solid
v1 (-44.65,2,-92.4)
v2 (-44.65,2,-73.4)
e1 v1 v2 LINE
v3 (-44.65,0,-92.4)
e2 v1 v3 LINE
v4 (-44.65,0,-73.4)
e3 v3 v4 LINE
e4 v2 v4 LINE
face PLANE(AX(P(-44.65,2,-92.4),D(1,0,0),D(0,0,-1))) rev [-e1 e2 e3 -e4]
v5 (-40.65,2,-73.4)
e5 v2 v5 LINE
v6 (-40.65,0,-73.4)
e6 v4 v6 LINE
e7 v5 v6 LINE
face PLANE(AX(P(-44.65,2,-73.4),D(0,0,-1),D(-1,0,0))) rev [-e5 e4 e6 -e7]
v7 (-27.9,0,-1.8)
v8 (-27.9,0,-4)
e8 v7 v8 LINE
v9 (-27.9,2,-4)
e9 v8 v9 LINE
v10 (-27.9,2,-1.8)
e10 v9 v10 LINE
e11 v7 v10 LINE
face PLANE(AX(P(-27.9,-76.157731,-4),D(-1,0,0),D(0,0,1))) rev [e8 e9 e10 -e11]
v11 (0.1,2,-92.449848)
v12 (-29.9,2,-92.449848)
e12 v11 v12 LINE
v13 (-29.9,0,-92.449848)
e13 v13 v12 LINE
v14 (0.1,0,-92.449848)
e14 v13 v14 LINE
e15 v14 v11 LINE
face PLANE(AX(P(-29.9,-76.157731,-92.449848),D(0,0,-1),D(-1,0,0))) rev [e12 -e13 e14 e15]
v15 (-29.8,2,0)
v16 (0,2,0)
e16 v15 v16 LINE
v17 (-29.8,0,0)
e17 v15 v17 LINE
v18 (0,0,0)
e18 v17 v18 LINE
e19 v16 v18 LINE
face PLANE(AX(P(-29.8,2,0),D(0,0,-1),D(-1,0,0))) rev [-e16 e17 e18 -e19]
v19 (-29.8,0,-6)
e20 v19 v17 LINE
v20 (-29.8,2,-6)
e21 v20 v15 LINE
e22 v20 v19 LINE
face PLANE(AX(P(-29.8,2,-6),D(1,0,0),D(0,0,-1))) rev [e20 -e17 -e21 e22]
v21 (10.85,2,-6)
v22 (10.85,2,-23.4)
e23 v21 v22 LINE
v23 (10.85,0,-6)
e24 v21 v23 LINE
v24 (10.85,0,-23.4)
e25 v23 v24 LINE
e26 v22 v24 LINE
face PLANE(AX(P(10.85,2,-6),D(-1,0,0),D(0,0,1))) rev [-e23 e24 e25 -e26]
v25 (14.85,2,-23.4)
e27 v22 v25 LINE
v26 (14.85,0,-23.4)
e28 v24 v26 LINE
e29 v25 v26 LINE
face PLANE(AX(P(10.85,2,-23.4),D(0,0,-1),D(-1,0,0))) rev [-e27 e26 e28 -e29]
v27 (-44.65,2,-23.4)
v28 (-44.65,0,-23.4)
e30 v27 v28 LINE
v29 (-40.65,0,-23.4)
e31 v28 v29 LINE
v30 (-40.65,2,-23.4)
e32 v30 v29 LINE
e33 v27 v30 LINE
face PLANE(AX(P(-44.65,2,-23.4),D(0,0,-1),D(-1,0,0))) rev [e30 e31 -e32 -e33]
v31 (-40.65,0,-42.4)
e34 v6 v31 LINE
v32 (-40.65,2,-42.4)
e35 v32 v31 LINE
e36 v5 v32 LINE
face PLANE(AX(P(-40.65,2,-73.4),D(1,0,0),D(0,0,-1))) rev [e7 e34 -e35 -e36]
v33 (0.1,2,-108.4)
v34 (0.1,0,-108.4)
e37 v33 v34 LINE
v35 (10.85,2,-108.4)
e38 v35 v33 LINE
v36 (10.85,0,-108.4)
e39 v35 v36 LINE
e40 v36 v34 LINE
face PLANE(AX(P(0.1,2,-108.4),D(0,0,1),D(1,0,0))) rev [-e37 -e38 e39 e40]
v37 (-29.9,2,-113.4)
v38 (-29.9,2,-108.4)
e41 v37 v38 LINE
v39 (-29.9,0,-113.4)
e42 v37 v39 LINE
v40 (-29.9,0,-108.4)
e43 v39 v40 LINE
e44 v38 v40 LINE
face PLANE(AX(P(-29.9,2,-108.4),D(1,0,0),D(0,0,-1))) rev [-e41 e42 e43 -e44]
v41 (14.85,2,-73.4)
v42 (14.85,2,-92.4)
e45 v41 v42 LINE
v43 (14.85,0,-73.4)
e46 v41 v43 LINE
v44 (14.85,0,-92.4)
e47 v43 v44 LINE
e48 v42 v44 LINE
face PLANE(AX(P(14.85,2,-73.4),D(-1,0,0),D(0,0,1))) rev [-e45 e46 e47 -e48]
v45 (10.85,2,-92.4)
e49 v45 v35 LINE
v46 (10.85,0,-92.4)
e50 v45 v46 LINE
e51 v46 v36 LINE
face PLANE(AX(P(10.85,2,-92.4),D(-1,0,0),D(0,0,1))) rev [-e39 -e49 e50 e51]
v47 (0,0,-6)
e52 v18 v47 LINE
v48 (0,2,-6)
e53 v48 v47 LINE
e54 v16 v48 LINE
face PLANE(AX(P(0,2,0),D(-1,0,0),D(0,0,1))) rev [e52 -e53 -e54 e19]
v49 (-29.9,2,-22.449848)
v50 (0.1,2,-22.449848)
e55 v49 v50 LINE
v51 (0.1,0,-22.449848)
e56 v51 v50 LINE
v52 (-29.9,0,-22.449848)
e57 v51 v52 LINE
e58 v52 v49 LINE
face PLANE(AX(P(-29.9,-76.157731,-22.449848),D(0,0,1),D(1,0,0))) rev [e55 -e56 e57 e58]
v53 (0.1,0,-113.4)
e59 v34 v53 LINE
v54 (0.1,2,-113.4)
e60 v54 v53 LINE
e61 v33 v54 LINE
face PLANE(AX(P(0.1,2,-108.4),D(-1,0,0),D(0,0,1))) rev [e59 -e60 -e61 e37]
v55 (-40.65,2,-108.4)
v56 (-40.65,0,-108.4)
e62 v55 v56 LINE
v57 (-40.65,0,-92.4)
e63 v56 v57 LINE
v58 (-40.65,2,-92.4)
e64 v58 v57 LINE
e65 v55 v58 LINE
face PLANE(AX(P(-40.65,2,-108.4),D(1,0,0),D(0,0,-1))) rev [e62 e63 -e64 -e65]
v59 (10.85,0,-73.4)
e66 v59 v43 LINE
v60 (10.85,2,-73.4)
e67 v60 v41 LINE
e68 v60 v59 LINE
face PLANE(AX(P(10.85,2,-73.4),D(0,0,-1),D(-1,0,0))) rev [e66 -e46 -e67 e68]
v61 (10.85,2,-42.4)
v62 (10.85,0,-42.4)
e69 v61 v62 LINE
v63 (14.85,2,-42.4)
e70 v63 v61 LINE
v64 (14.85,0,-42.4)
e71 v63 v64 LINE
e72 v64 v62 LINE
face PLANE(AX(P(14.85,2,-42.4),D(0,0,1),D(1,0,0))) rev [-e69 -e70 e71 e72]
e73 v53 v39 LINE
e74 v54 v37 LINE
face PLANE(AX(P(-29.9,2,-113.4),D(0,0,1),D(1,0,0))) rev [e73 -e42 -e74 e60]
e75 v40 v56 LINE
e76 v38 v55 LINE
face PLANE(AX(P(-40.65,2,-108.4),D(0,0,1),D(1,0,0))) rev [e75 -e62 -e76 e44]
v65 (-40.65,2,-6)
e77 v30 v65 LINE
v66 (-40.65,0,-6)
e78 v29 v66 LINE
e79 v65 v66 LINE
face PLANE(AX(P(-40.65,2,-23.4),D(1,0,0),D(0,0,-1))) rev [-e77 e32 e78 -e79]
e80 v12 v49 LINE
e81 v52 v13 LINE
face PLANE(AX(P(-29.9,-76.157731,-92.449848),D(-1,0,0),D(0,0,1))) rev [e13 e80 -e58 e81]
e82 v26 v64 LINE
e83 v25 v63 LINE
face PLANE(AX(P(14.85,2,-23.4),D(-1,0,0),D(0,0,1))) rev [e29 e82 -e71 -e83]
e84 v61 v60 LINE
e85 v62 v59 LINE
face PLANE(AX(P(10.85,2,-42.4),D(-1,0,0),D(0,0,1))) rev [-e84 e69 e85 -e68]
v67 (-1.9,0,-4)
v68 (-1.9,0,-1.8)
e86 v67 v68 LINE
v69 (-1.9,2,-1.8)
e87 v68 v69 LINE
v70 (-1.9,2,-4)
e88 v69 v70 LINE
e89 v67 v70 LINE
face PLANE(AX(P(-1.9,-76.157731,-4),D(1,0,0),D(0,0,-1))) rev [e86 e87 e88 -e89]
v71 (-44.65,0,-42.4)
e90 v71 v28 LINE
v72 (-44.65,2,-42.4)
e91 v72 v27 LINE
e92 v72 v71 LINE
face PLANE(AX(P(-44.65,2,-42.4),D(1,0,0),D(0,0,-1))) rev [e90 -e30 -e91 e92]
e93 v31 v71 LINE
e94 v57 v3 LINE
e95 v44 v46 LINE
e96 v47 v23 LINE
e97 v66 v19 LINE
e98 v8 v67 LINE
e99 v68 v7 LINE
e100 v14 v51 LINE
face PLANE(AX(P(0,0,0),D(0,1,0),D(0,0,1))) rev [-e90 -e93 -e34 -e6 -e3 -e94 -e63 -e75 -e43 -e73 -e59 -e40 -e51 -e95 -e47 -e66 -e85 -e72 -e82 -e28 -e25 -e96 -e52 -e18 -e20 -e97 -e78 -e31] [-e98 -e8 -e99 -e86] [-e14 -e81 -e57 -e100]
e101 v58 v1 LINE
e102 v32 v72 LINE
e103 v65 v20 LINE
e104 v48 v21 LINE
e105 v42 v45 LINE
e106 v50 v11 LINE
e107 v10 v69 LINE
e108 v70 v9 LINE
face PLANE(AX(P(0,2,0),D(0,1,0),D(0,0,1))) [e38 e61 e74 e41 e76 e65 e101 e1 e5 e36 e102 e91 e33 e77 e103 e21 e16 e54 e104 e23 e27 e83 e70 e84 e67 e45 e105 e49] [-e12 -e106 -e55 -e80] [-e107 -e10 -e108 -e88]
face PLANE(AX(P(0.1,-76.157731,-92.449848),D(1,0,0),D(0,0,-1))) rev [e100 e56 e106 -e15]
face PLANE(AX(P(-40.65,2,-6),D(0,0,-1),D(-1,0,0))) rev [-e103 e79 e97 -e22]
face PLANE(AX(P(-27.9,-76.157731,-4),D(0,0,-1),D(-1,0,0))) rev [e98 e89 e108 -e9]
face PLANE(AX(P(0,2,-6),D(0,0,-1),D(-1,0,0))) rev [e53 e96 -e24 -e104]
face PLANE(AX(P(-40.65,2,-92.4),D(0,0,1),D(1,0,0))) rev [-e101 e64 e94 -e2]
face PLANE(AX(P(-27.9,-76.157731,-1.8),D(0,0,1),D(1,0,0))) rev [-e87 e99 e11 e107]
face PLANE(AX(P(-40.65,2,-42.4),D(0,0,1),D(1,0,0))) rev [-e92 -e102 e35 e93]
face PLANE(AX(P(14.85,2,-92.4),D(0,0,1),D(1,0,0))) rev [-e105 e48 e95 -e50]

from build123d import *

# Parameters (mm, degrees)
AUFSATZ_LINEAR_AUSTRAGEN2_DEPTH = 2
SKIZZE4_W                       = 30
SKIZZE4_H                       = 70
SKIZZE4_W_2                     = 26
SKIZZE4_H_2                     = 2.2
SCHNITT_LINEAR_AUSTRAGEN1_DEPTH = 2


with BuildPart() as part:
    # Skizze3 → Aufsatz-Linear austragen2 (new body)
    with BuildSketch(Plane(origin=(0, 0, 0), x_dir=(1, 0, 0), z_dir=(0, 1, 0))):
        Polygon((-29.8, 0), (0, 0), (0, 6), (10.85, 6), (10.85, 23.4), (14.85, 23.4), (14.85, 42.4), (10.85, 42.4), (10.85, 73.4), (14.85, 73.4), (14.85, 92.4), (10.85, 92.4), (10.85, 108.4), (0.1, 108.4), (0.1, 113.4), (-29.9, 113.4), (-29.9, 108.4), (-40.65, 108.4), (-40.65, 92.4), (-44.65, 92.4), (-44.65, 73.4), (-40.65, 73.4), (-40.65, 42.4), (-44.65, 42.4), (-44.65, 23.4), (-40.65, 23.4), (-40.65, 6), (-29.8, 6), align=None)
    extrude(amount=AUFSATZ_LINEAR_AUSTRAGEN2_DEPTH)

    # Skizze4 → Schnitt-Linear austragen1 (cut)
    with BuildSketch(Plane(origin=(0, 2, 0), x_dir=(1, 0, 0), z_dir=(0, 1, 0))):
        with Locations((-14.9, 57.449848024)):
            Rectangle(SKIZZE4_W, SKIZZE4_H)
        with Locations((-14.9, 2.9)):
            Rectangle(SKIZZE4_W_2, SKIZZE4_H_2)
    extrude(amount=-SCHNITT_LINEAR_AUSTRAGEN1_DEPTH, mode=Mode.SUBTRACT)


solid = part.part
